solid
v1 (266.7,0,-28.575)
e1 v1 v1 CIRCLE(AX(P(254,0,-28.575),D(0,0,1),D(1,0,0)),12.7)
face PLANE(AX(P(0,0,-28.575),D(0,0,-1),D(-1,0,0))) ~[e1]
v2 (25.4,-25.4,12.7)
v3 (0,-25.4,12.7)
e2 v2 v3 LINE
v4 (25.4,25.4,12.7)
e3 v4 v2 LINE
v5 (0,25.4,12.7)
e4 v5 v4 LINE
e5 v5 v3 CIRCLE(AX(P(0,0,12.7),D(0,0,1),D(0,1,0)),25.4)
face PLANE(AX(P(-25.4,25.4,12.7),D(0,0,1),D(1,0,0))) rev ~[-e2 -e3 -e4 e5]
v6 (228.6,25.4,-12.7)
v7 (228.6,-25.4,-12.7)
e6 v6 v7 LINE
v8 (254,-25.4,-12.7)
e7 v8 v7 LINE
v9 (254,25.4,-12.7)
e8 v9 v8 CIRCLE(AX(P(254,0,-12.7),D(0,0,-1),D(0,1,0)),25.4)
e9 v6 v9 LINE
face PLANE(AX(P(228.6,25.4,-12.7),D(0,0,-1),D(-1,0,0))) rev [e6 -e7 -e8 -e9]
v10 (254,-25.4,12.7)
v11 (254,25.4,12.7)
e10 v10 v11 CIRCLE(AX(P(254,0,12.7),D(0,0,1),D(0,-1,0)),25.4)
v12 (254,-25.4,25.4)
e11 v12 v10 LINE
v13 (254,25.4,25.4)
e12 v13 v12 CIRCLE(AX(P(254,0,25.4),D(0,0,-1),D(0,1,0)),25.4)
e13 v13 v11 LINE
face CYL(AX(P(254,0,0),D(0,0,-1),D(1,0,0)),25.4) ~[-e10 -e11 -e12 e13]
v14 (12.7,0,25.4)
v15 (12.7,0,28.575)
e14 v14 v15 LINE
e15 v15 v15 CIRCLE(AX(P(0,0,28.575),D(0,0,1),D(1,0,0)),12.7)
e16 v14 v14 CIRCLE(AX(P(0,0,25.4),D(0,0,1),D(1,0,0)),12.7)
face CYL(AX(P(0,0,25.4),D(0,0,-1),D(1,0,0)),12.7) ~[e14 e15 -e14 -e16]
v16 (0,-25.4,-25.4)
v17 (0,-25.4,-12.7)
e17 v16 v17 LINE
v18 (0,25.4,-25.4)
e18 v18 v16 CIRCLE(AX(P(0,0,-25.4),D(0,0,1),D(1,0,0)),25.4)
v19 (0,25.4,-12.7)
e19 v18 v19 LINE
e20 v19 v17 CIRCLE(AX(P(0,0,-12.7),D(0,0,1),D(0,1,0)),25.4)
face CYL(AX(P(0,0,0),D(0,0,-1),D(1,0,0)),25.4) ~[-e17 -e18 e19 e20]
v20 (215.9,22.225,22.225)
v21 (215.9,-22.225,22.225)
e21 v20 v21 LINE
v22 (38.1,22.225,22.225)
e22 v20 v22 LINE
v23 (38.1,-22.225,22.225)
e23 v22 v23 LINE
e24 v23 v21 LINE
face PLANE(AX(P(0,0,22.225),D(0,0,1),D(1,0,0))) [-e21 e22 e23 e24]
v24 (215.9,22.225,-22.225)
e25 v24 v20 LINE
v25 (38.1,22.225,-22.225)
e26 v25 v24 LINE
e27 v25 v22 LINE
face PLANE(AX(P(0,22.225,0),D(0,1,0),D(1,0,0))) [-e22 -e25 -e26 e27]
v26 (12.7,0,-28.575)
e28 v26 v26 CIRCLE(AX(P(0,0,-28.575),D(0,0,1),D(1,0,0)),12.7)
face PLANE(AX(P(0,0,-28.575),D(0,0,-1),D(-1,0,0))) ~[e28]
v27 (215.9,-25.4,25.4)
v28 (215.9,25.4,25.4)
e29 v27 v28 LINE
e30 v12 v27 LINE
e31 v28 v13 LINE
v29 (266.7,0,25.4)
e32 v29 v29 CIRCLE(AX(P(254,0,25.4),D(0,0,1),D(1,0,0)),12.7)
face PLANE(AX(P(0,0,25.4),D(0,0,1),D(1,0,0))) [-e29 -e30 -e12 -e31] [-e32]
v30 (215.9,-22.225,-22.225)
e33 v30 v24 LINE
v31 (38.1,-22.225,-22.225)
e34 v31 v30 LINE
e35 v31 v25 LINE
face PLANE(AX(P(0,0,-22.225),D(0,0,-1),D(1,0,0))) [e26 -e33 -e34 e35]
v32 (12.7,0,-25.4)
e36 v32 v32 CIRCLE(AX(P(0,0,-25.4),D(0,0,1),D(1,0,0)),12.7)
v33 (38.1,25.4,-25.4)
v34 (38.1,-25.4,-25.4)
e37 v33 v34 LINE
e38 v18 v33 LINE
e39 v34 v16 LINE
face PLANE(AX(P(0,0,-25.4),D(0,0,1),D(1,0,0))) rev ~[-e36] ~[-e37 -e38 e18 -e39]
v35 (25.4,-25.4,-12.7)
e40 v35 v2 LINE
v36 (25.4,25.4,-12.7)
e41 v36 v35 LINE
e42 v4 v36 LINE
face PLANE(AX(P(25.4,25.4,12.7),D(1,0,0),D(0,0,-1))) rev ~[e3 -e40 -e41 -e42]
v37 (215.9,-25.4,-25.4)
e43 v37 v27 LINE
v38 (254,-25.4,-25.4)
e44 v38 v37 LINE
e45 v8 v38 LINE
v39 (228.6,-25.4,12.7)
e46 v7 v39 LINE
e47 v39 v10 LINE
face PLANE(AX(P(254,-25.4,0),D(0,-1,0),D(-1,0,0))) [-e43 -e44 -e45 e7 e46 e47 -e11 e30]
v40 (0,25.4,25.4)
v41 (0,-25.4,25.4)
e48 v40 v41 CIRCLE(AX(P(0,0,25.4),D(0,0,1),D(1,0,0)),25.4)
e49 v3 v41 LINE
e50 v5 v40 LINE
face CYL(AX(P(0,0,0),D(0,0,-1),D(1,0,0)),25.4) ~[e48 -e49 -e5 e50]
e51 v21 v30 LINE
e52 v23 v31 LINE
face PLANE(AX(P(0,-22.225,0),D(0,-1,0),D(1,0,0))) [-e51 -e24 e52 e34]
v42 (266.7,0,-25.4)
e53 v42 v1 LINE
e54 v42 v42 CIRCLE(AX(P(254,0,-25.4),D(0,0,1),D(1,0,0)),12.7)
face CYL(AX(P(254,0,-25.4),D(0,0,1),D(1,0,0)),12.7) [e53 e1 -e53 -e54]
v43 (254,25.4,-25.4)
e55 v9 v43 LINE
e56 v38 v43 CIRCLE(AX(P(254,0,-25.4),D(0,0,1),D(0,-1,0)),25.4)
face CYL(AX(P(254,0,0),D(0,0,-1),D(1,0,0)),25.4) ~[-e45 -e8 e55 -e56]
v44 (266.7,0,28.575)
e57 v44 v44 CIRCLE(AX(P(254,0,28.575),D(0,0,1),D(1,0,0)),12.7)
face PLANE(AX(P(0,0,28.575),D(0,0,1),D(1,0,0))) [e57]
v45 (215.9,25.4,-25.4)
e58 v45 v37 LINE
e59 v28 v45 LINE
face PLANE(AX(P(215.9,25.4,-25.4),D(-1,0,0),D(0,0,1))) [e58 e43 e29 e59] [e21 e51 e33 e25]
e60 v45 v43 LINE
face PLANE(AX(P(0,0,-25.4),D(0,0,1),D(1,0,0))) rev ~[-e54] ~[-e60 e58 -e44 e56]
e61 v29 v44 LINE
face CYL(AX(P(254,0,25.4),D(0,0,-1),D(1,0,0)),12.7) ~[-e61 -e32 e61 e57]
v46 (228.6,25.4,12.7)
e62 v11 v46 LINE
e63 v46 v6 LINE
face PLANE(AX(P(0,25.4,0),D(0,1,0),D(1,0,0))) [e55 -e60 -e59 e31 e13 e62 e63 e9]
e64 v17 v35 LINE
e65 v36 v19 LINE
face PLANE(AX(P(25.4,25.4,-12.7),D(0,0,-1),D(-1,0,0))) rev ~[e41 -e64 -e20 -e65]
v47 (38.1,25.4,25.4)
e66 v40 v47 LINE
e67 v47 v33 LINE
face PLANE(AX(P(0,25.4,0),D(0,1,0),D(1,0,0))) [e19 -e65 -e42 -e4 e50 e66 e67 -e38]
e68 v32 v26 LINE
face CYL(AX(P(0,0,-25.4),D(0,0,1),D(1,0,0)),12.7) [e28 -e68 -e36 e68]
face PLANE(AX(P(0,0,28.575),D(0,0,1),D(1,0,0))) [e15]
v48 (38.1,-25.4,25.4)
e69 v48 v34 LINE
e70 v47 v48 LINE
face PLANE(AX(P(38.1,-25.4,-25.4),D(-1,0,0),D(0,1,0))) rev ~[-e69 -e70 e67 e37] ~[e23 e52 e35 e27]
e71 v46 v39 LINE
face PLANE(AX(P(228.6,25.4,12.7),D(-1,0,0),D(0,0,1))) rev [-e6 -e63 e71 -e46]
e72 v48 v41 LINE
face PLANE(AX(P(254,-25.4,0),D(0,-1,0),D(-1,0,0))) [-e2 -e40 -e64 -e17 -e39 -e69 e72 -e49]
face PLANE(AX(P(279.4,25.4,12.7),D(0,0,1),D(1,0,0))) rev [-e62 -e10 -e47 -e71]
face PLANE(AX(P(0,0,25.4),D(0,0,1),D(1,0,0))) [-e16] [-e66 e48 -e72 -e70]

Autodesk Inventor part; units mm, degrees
sketch "Sketch1" plane through (0, 0, 0) normal (0, 0, 1) x (1, 0, 0)
  line L0 (0, 25.4) -> (254, 25.4)
  line L1 (254, 25.4) -> (254, -25.4)
  line L2 (254, -25.4) -> (0, -25.4)
  line L3 (0, -25.4) -> (0, 25.4)
  circle A0 centre (0, 0) radius 25.4
  circle A1 centre (254, 0) radius 25.4
  dimension "d0" = 254
  dimension "d1" = 50.8
extrude "Extrusion1" add sketch "Sketch1" along normal mid plane 50.8
sketch "Sketch2" plane through (0, 25.4, 25.4) normal (0, 1, 0) x (1, 0, 0)
  line L0 (-25.4, 50.8) -> (-25.4, 0) projected
  line L1 (-25.4, 50.8) -> (0, 50.8) projected
  line L2 (0, 0) -> (-25.4, 0) projected
  line L3 (0, 0) -> (254, 0) projected
  line L4 (254, 50.8) -> (0, 50.8) projected
  line L5 (-25.4, 12.7) -> (25.4, 12.7)
  line L6 (25.4, 12.7) -> (25.4, 38.1)
  line L7 (25.4, 38.1) -> (-25.4, 38.1)
  line L8 (-25.4, 38.1) -> (-25.4, 12.7)
  point P0 (-25.4, 25.4)
  point P1 (-25.4, 25.4)
  dimension "d4" = 25.4
  dimension "d10" = 50.8
extrude "Extrusion2" cut sketch "Sketch2" against normal through all
ref_plane "Work Plane1" through (279.4, 0, 0) normal (1, 0, 0) x (0, 1, 0)
ref_plane "Work Plane2" through (-25.4, 0, 0) normal (1, 0, 0) x (0, 1, 0)
ref_plane "Work Plane3" through (127, 0, 0) normal (1, 0, 0) x (0, 1, 0)
sketch "Sketch5" plane through (0, 0, 25.4) normal (0, 0, 1) x (1, 0, 0)
  arc A0 (254, -25.4) -> (254, 25.4) centre (254, 0) ccw projected
  line L0 (0, 25.4) -> (254, 25.4) projected
  arc A1 (0, 25.4) -> (0, -25.4) centre (0, 0) ccw projected
  line L1 (254, -25.4) -> (0, -25.4) projected
  circle A2 centre (0, 0) radius 25.4 construction
  circle A3 centre (254, 0) radius 25.4 construction
  line L2 (38.1, 25.4) -> (38.1, -25.4)
  line L3 (215.9, 25.4) -> (215.9, -25.4)
  dimension "d11" = 12.7
  dimension "d13" = 12.7
extrude "Extrusion4" cut sketch "Sketch5" against normal blind 3.175 contours L1 L2 L0 L3
pattern_circular "Circular Pattern1" count 4 over 360 about axis through (-10, 0, 0) along (1, 0, 0) of "Extrusion4"
mirror "Mirror1" about plane through (127, 0, 0) normal (1, 0, 0) of "Extrusion2"
sketch "Sketch3" plane through (0, 0, 25.4) normal (0, 0, 1) x (1, 0, 0)
  arc A0 (0, 25.4) -> (0, -25.4) centre (0, 0) ccw projected
  arc A1 (254, -25.4) -> (254, 25.4) centre (254, 0) ccw projected
  circle A2 centre (0, 0) radius 12.7
  circle A3 centre (254, 0) radius 12.7
  dimension "d7" = 25.4
extrude "Extrusion3" add sketch "Sketch3" along normal blind 3.175
mirror "Mirror2" about plane through (0, 0, 0) normal (0, 0, 1) of "Extrusion3"
equation "\"d13\" = d11"
